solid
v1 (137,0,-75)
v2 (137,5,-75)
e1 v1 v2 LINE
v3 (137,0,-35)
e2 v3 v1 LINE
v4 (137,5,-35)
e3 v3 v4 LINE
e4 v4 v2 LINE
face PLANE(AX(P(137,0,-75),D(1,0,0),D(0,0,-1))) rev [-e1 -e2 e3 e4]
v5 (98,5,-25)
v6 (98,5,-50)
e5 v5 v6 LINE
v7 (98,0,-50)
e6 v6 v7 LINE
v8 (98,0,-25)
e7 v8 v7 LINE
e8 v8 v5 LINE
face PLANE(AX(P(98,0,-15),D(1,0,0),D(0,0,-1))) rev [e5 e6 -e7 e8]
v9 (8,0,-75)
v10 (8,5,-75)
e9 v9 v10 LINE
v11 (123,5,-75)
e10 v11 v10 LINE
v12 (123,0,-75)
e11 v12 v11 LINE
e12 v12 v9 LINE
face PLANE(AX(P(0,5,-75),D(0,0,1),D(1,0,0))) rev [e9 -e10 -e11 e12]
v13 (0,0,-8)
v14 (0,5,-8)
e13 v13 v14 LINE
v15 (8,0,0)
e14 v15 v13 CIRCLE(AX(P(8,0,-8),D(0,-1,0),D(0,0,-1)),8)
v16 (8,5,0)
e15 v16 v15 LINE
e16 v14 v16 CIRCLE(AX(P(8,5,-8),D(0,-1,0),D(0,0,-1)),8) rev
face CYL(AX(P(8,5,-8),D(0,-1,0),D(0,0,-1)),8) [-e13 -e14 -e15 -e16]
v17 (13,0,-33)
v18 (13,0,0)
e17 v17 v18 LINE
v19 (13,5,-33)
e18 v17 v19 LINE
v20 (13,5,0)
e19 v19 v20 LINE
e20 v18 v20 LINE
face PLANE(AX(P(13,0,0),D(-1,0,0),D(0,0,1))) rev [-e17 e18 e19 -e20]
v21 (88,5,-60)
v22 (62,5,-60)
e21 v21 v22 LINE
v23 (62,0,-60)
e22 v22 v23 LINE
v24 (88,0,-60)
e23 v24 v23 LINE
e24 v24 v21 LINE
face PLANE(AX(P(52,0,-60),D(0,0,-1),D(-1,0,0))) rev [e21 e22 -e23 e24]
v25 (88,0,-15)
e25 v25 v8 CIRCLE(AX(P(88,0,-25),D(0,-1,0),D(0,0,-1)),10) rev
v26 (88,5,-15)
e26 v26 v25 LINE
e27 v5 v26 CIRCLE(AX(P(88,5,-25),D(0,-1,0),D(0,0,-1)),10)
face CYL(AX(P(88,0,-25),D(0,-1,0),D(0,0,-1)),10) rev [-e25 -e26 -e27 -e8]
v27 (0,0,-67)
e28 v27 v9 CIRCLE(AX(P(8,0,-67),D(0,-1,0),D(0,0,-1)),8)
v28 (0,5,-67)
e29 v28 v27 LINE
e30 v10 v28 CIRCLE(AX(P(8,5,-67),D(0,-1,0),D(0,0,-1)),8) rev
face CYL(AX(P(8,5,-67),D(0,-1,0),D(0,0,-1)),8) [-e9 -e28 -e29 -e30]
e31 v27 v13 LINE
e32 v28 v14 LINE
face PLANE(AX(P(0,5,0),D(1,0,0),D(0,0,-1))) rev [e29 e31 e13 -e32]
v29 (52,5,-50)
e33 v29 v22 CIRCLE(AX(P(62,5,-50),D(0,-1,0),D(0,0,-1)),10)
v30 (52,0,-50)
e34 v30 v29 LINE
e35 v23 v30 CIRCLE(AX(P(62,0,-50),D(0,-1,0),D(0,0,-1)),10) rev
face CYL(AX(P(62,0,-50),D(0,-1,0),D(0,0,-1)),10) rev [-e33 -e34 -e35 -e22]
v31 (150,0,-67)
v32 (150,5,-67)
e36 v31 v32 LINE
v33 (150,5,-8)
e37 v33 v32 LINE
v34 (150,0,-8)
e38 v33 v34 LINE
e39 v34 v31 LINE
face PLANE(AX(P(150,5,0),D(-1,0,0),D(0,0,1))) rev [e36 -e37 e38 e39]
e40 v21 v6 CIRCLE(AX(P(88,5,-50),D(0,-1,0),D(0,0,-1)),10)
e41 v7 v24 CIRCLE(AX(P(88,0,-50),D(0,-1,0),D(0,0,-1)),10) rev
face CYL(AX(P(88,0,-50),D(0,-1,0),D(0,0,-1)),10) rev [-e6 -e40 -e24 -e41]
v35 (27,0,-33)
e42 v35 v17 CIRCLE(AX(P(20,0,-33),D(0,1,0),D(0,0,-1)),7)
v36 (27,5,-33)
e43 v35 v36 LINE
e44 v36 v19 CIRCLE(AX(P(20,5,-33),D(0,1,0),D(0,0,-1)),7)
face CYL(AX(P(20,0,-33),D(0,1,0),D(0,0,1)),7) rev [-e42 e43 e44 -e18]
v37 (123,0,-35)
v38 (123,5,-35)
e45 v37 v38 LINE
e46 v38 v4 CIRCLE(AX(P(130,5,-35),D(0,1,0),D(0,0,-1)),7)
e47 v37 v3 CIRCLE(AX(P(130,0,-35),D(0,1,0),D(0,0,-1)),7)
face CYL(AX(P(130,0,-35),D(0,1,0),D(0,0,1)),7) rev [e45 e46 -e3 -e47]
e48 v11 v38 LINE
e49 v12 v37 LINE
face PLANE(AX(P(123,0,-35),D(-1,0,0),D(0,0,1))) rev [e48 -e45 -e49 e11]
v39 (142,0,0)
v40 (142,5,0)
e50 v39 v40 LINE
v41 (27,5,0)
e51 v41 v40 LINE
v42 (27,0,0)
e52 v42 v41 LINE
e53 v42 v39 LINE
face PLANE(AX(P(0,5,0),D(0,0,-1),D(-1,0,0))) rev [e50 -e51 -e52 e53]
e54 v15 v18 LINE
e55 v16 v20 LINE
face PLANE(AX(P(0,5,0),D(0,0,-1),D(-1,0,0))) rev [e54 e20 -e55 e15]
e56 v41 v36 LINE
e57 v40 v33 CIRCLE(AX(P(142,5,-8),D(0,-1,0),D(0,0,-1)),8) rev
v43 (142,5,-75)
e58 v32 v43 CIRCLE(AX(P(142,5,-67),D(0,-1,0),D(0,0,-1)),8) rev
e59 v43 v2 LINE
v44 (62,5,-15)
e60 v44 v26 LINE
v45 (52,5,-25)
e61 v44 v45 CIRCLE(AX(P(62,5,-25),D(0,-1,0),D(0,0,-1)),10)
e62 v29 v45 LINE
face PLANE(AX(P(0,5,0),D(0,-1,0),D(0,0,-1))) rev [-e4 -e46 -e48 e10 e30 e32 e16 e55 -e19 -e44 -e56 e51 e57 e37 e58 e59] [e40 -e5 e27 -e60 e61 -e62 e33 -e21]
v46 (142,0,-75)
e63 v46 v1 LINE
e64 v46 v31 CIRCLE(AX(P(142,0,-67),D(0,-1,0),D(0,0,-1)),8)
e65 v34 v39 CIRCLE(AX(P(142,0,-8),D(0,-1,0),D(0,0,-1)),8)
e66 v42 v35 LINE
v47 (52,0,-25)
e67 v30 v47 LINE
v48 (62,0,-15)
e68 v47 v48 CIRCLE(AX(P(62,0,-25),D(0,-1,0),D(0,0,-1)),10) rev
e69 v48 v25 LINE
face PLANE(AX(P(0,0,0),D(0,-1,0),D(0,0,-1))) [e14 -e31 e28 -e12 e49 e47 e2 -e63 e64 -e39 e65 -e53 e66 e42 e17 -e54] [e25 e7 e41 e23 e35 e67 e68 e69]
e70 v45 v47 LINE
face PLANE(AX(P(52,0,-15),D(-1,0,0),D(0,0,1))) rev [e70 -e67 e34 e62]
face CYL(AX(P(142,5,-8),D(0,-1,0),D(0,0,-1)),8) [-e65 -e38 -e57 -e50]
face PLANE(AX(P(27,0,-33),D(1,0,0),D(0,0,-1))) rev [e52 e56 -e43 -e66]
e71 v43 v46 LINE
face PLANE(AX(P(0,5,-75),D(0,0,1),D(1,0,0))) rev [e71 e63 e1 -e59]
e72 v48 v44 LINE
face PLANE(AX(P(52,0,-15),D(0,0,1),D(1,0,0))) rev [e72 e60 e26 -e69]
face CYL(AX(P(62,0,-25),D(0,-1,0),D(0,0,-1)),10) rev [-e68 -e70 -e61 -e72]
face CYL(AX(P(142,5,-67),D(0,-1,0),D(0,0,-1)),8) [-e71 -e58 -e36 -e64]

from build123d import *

# Parameters (mm, degrees)
SKETCH1_W           = 150
SKETCH1_H           = 75
BOSS_EXTRUDE1_DEPTH = 5
CUT_EXTRUDE1_DEPTH  = 168.779617356
CUT_EXTRUDE2_DEPTH  = 168.779617356
SKETCH4_W           = 46
SKETCH4_H           = 45
CUT_EXTRUDE3_DEPTH  = 168.779617356
FILLET1_R           = 10
FILLET2_R           = 8


with BuildPart() as part:
    # Sketch1 → Boss-Extrude1 (new body)
    with BuildSketch(Plane(origin=(0, 0, 0), x_dir=(1, 0, 0), z_dir=(0, 1, 0))):
        with Locations((75, 37.5)):
            Rectangle(SKETCH1_W, SKETCH1_H)
    extrude(amount=BOSS_EXTRUDE1_DEPTH)

    # Sketch2 → Cut-Extrude1 (cut, through all)
    with BuildSketch(Plane(origin=(0, 5, 0), x_dir=(1, 0, 0), z_dir=(0, 1, 0))):
        with BuildLine():
            Line((13, 0), (13, 33))
            ThreePointArc((13, 33), (20, 40), (27, 33))
            Line((27, 33), (27, 0))
            Line((27, 0), (13, 0))
        make_face()
    extrude(amount=-CUT_EXTRUDE1_DEPTH, mode=Mode.SUBTRACT)

    # Sketch3 → Cut-Extrude2 (cut, through all)
    with BuildSketch(Plane(origin=(0, 5, 0), x_dir=(1, 0, 0), z_dir=(0, 1, 0))):
        with BuildLine():
            Line((137, 75), (137, 35))
            ThreePointArc((137, 35), (130, 28), (123, 35))
            Line((123, 35), (123, 75))
            Line((123, 75), (137, 75))
        make_face()
    extrude(amount=-CUT_EXTRUDE2_DEPTH, mode=Mode.SUBTRACT)

    # Sketch4 → Cut-Extrude3 (cut, through all)
    with BuildSketch(Plane(origin=(0, 5, 0), x_dir=(1, 0, 0), z_dir=(0, 1, 0))):
        with Locations((75, 37.5)):
            Rectangle(SKETCH4_W, SKETCH4_H)
    extrude(amount=-CUT_EXTRUDE3_DEPTH, mode=Mode.SUBTRACT)

    # Fillet1
    fillet1_edges = [part.edges().sort_by_distance(p)[0] for p in [
        (52, 2.5, -15),
        (52, 2.5, -60),
        (98, 2.5, -60),
        (98, 2.5, -15),
    ]]
    fillet(fillet1_edges, radius=FILLET1_R)

    # Fillet2
    fillet2_edges = [part.edges().sort_by_distance(p)[0] for p in [
        (0, 2.5, -75),
        (150, 2.5, -75),
        (150, 2.5, 0),
        (0, 2.5, 0),
    ]]
    fillet(fillet2_edges, radius=FILLET2_R)


solid = part.part
